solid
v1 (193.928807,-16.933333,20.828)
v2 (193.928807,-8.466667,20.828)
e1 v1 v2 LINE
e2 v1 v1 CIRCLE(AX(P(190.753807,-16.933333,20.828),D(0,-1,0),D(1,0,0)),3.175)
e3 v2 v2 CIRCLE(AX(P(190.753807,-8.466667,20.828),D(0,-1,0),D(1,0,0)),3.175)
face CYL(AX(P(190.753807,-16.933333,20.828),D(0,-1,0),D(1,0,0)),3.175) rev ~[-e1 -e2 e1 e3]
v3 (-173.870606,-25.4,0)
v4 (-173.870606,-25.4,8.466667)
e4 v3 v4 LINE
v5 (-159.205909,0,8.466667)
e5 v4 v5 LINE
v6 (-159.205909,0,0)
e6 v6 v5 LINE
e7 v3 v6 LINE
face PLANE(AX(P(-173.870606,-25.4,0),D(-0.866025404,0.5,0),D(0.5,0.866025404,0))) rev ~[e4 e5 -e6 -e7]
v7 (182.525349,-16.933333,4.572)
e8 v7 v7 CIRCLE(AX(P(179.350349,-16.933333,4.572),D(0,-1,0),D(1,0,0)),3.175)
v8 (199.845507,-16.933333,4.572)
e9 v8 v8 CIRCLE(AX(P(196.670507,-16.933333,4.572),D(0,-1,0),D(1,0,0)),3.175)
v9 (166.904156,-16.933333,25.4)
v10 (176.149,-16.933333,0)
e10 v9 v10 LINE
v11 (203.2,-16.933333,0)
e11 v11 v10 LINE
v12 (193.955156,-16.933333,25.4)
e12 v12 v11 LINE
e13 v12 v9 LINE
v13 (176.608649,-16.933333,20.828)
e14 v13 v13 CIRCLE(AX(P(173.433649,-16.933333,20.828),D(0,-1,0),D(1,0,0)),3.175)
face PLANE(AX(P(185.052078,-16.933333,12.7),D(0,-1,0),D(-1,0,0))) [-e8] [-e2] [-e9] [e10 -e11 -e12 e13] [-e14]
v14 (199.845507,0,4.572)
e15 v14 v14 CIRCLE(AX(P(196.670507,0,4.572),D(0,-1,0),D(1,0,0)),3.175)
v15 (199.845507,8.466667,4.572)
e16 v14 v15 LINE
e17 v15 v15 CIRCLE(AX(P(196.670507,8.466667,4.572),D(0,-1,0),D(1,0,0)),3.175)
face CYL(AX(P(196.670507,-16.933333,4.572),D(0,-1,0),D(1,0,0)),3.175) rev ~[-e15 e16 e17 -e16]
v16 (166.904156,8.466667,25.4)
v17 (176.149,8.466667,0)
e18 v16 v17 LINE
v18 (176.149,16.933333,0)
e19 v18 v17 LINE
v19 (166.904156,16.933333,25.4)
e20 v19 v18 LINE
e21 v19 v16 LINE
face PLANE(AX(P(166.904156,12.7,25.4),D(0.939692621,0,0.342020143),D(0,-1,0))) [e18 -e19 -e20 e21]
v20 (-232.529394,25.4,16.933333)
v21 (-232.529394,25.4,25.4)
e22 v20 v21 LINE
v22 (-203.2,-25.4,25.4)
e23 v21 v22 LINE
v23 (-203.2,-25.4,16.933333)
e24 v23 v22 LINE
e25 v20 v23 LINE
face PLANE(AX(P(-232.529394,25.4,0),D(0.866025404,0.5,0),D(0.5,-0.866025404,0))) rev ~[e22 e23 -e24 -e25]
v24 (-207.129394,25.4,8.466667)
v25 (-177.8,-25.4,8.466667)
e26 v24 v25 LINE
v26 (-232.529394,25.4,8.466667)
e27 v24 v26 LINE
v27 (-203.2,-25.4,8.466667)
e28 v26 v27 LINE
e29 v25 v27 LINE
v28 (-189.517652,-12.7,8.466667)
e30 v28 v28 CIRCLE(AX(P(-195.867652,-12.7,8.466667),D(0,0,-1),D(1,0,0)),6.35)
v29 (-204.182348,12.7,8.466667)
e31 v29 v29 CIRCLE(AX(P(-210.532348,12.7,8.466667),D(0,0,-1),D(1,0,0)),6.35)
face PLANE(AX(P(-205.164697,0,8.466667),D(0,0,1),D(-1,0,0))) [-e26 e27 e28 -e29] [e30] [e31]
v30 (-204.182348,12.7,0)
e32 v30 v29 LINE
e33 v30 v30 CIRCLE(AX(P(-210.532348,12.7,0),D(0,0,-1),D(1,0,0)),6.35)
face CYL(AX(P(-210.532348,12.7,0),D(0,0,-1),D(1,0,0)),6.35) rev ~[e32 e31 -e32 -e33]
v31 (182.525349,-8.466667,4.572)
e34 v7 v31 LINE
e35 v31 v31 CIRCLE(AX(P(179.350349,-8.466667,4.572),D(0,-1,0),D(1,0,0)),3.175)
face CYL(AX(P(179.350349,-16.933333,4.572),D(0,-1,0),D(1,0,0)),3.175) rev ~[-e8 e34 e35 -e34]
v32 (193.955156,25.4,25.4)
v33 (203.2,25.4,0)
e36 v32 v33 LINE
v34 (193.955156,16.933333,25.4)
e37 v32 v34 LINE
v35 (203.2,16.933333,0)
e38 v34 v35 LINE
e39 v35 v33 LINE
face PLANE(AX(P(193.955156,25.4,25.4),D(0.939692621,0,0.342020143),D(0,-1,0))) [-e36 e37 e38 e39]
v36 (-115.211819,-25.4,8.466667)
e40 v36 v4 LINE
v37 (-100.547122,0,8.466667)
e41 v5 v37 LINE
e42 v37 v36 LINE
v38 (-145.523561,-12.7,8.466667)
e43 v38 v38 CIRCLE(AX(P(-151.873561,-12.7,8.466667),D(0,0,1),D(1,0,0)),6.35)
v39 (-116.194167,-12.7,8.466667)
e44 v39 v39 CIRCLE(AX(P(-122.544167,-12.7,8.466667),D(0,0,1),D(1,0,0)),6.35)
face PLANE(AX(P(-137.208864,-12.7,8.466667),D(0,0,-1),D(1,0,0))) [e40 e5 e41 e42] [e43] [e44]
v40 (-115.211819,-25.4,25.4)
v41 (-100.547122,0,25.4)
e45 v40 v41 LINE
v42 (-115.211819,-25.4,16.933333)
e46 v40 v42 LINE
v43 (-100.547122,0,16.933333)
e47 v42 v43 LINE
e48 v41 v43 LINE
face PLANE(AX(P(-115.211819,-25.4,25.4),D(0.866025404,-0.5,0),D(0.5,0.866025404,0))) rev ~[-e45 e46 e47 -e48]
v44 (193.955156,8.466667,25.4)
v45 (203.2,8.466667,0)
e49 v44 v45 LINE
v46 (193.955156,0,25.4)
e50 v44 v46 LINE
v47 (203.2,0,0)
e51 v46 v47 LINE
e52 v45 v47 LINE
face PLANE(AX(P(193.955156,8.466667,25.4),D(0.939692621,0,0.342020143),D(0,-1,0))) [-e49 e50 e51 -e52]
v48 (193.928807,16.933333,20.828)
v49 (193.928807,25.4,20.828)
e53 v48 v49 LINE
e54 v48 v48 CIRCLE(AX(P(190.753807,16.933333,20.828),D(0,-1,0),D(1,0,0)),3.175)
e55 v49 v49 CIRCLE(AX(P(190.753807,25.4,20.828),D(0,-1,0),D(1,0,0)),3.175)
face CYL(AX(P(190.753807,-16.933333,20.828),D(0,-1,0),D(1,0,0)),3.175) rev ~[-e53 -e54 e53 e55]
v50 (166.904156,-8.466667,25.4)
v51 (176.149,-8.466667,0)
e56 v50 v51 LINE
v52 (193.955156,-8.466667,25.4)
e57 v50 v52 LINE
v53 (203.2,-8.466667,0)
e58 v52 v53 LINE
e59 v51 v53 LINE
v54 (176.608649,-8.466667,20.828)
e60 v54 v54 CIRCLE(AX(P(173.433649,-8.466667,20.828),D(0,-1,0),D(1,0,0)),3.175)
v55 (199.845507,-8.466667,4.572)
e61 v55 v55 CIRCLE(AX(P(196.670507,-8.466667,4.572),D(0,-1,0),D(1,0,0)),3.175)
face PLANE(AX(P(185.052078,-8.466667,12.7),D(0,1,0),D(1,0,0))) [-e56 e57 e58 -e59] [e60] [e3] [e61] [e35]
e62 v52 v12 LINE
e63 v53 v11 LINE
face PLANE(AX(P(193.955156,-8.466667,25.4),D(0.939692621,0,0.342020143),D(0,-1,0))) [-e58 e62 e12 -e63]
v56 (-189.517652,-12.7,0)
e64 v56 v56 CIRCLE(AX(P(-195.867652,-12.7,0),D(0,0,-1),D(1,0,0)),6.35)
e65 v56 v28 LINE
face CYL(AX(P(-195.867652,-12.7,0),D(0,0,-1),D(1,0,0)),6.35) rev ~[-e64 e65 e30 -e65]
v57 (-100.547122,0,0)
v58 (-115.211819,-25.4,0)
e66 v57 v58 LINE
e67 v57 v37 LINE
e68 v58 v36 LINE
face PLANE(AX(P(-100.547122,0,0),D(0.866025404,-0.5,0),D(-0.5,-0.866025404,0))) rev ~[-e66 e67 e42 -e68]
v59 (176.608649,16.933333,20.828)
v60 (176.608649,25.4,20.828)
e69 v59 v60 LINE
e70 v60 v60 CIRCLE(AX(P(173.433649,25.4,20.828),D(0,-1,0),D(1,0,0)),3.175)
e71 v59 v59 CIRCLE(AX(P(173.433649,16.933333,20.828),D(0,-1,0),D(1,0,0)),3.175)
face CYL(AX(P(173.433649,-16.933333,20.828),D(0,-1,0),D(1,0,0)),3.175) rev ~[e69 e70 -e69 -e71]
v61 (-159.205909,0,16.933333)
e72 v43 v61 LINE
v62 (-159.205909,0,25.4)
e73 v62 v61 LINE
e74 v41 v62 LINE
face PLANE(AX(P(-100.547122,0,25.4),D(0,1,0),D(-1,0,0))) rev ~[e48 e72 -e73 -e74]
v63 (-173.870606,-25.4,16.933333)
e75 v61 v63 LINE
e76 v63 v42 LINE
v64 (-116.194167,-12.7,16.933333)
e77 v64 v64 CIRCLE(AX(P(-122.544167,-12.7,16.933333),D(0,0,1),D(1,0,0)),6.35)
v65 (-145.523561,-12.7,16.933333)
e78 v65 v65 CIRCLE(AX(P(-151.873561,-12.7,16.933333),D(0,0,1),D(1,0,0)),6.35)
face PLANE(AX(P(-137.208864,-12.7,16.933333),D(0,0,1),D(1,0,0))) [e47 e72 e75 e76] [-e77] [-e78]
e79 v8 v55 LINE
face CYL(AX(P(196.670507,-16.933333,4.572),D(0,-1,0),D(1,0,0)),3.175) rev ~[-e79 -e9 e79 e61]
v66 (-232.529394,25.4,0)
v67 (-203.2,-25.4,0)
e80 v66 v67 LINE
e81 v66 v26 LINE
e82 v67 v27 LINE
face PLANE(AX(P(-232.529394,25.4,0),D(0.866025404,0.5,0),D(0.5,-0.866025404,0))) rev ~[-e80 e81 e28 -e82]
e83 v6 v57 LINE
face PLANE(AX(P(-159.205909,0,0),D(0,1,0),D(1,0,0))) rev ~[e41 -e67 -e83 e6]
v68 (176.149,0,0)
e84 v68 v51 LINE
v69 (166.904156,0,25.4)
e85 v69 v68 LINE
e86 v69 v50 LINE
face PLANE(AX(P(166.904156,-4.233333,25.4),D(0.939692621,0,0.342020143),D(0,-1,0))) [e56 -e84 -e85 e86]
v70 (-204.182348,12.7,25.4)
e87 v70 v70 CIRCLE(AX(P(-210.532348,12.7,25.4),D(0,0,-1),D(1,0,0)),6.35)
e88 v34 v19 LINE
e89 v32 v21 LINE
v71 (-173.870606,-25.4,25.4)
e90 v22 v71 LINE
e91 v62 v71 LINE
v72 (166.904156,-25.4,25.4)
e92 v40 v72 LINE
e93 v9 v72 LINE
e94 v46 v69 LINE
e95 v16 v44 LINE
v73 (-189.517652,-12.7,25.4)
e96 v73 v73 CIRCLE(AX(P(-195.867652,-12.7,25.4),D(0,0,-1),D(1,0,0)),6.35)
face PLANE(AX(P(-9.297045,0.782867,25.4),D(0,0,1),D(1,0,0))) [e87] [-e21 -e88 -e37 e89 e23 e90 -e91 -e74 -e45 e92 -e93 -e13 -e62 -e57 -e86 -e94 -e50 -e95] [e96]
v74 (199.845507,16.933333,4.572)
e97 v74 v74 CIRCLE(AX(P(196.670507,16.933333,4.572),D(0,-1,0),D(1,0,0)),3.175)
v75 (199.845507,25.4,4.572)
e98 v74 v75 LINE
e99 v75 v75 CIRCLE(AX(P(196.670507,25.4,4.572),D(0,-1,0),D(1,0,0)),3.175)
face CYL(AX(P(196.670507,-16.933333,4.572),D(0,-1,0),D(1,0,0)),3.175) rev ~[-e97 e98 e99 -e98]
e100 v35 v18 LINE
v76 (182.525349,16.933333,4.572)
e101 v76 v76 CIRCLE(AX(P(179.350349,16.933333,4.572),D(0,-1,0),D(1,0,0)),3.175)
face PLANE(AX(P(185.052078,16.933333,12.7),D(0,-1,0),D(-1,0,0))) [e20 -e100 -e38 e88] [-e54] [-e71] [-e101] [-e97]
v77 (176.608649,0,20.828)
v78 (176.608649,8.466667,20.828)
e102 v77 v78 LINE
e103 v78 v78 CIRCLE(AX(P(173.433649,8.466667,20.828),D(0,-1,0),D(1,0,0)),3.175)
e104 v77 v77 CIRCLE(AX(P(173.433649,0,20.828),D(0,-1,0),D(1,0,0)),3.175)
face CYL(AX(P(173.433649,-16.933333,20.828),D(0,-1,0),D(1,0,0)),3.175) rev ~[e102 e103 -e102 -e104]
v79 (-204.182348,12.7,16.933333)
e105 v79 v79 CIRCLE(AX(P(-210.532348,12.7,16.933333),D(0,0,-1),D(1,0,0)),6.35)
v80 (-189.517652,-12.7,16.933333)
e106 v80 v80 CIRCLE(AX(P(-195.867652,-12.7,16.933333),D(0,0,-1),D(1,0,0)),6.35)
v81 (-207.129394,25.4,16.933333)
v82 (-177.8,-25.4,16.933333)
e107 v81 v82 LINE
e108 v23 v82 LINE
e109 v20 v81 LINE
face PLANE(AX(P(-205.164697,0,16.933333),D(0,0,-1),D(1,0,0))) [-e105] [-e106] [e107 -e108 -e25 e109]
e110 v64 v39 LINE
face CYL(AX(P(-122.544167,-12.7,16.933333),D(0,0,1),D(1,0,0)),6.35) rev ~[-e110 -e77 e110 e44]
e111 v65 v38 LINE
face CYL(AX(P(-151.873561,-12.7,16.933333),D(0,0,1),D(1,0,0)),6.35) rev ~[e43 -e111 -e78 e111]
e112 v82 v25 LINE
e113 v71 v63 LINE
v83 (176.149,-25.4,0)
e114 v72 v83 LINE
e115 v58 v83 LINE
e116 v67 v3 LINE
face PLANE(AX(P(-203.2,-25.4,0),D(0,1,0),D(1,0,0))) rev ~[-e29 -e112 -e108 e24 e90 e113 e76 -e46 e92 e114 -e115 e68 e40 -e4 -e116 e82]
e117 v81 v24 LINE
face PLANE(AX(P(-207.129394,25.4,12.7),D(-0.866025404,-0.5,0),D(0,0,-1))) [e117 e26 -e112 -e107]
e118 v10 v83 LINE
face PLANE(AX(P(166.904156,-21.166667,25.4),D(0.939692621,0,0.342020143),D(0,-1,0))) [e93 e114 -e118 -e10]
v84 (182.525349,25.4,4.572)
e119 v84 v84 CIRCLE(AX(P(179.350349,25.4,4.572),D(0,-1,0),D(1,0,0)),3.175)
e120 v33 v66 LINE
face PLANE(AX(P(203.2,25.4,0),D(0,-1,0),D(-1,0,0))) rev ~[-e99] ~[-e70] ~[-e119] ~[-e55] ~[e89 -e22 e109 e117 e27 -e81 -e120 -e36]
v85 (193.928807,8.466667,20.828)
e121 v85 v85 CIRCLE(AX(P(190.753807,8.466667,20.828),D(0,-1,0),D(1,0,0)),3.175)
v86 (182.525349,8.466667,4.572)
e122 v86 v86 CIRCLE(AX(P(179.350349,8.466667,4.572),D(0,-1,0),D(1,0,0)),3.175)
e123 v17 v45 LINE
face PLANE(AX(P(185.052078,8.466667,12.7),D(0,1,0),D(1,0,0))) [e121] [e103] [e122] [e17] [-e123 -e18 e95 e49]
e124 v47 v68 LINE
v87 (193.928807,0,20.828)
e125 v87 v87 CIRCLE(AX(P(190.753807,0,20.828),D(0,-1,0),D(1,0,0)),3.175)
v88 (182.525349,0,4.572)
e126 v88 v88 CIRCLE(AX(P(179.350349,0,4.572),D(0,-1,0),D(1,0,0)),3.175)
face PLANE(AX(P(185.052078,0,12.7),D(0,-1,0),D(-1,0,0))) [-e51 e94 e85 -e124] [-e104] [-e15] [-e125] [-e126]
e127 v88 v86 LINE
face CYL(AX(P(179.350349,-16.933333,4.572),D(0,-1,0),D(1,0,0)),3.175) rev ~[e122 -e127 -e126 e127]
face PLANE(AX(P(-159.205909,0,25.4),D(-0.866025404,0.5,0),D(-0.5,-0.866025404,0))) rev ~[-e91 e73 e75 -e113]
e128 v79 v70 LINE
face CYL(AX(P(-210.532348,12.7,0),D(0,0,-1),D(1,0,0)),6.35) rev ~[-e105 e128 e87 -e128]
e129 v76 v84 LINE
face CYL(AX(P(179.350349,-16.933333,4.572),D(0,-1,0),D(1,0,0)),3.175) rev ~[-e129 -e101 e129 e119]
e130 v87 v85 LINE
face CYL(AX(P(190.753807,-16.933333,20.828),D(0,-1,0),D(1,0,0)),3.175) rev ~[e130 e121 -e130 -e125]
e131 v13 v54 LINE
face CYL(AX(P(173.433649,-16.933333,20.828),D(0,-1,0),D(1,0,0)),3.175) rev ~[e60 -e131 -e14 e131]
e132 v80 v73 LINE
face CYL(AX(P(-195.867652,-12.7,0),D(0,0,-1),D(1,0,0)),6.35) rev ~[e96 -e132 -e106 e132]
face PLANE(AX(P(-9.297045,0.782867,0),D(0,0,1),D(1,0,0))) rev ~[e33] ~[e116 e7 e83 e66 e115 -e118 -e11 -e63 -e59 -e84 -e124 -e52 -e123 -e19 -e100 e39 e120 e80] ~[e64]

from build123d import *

# Parameters (mm, degrees)
F1_DEPTH  = 25.4
F3_DEPTH  = 8.4666666667
F5_DEPTH  = 8.4666666667
F6_W      = 25.4
F6_H      = 8.4666666667
F9_W      = 27.051
F9_H      = 8.4666666667
F13_R     = 6.35
F14_DEPTH = 16.9343333333
F12_R     = 3.175
F15_DEPTH = 42.3343333333
F16_R     = 6.35
F17_DEPTH = 25.401


with BuildPart() as f1:
    # F0 (on Top) → F1 (new body)
    with BuildSketch(Plane.XY):
        Polygon((-232.5293936748, 25.4), (-203.2, -25.4), (203.2, -25.4), (203.2, 25.4), align=None)
    extrude(amount=F1_DEPTH)

    # F2 (on face) → F3 (cut)
    with BuildSketch(Plane.XY.offset(25.4)):
        Polygon((-159.2059094878, 0), (-173.8706063252, -25.4), (-115.2118189755, -25.4), (-100.5471221381, 0), align=None)
    extrude(amount=-F3_DEPTH, mode=Mode.SUBTRACT)

    # F4 (on face) → F5 (cut)
    with BuildSketch(Plane(origin=(0, 0, 0), x_dir=(1, 0, 0), z_dir=(0, 0, -1))):
        Polygon((-100.5471221381, 0), (-115.2118189755, 25.4), (-173.8706063252, 25.4), (-159.2059094878, 0), align=None)
    extrude(amount=-F5_DEPTH, mode=Mode.SUBTRACT)

    # F7: sweep along a path in F7_path
    with BuildLine(Plane(origin=(-232.5293936748, 25.4, 25.4), x_dir=(-0.5, 0.8660254038, 0), z_dir=(-0.8660254038, -0.5, 0))) as f7_path:
        Line((0, 0), (-58.6587873497, 0))
    # F6 (on face) → F7 (sweep, cut)
    with BuildSketch(Plane(origin=(0, 25.4, 0), x_dir=(-1, 0, 0), z_dir=(0, 1, 0))):
        with Locations((219.8293936748, 12.7)):
            Rectangle(F6_W, F6_H)
    sweep(path=f7_path.line, mode=Mode.SUBTRACT)

    # F10: sweep along a path in F8
    with BuildLine(Plane.XZ.offset(25.4)) as f10_path:
        Line((193.9551560496, 25.4), (203.2, 0))
    # F9 (on face) → F10 (sweep, cut)
    with BuildSketch(Plane.XY.offset(25.4)):
        with Locations((180.4296560496, -21.1666666667)):
            Rectangle(F9_W, F9_H)
        with Locations((180.4296560496, -4.2333333333)):
            Rectangle(F9_W, F9_H)
        with Locations((180.4296560496, 12.7)):
            Rectangle(F9_W, F9_H)
        Polygon((203.2, 25.4), (193.9551560496, 25.4), (193.9551560496, 16.9333333333), (193.9551560496, 8.4666666667), (193.9551560496, 0), (193.9551560496, -8.4666666667), (193.9551560496, -16.9333333333), (193.9551560496, -25.4), (203.2, -25.4), align=None)
    sweep(path=f10_path.line, mode=Mode.SUBTRACT)

    # F13 (on face) → F14 (cut, through all)
    with BuildSketch(Plane.XY.offset(16.9333333333)):
        with Locations((-151.873561069, -12.7)):
            Circle(F13_R)
        with Locations((-122.5441673942, -12.7)):
            Circle(F13_R)
    extrude(amount=-F14_DEPTH, mode=Mode.SUBTRACT)

    # F12 (on face) → F15 (cut, through all)
    with BuildSketch(Plane.XZ.offset(16.9333333333)):
        with Locations((190.7538071849, 20.828)):
            Circle(F12_R)
        with Locations((196.6705073132, 4.572)):
            Circle(F12_R)
        with Locations((173.4336487365, 20.828)):
            Circle(F12_R)
        with Locations((179.3503488647, 4.572)):
            Circle(F12_R)
    extrude(amount=-F15_DEPTH, mode=Mode.SUBTRACT)

    # F16 (on face) → F17 (cut, through all)
    with BuildSketch(Plane(origin=(0, 0, 0), x_dir=(1, 0, 0), z_dir=(0, 0, -1))):
        with Locations((-195.8676515813, 12.7)):
            Circle(F16_R)
        with Locations((-210.5323484187, -12.7)):
            Circle(F16_R)
    extrude(amount=-F17_DEPTH, mode=Mode.SUBTRACT)


solid = f1.part
